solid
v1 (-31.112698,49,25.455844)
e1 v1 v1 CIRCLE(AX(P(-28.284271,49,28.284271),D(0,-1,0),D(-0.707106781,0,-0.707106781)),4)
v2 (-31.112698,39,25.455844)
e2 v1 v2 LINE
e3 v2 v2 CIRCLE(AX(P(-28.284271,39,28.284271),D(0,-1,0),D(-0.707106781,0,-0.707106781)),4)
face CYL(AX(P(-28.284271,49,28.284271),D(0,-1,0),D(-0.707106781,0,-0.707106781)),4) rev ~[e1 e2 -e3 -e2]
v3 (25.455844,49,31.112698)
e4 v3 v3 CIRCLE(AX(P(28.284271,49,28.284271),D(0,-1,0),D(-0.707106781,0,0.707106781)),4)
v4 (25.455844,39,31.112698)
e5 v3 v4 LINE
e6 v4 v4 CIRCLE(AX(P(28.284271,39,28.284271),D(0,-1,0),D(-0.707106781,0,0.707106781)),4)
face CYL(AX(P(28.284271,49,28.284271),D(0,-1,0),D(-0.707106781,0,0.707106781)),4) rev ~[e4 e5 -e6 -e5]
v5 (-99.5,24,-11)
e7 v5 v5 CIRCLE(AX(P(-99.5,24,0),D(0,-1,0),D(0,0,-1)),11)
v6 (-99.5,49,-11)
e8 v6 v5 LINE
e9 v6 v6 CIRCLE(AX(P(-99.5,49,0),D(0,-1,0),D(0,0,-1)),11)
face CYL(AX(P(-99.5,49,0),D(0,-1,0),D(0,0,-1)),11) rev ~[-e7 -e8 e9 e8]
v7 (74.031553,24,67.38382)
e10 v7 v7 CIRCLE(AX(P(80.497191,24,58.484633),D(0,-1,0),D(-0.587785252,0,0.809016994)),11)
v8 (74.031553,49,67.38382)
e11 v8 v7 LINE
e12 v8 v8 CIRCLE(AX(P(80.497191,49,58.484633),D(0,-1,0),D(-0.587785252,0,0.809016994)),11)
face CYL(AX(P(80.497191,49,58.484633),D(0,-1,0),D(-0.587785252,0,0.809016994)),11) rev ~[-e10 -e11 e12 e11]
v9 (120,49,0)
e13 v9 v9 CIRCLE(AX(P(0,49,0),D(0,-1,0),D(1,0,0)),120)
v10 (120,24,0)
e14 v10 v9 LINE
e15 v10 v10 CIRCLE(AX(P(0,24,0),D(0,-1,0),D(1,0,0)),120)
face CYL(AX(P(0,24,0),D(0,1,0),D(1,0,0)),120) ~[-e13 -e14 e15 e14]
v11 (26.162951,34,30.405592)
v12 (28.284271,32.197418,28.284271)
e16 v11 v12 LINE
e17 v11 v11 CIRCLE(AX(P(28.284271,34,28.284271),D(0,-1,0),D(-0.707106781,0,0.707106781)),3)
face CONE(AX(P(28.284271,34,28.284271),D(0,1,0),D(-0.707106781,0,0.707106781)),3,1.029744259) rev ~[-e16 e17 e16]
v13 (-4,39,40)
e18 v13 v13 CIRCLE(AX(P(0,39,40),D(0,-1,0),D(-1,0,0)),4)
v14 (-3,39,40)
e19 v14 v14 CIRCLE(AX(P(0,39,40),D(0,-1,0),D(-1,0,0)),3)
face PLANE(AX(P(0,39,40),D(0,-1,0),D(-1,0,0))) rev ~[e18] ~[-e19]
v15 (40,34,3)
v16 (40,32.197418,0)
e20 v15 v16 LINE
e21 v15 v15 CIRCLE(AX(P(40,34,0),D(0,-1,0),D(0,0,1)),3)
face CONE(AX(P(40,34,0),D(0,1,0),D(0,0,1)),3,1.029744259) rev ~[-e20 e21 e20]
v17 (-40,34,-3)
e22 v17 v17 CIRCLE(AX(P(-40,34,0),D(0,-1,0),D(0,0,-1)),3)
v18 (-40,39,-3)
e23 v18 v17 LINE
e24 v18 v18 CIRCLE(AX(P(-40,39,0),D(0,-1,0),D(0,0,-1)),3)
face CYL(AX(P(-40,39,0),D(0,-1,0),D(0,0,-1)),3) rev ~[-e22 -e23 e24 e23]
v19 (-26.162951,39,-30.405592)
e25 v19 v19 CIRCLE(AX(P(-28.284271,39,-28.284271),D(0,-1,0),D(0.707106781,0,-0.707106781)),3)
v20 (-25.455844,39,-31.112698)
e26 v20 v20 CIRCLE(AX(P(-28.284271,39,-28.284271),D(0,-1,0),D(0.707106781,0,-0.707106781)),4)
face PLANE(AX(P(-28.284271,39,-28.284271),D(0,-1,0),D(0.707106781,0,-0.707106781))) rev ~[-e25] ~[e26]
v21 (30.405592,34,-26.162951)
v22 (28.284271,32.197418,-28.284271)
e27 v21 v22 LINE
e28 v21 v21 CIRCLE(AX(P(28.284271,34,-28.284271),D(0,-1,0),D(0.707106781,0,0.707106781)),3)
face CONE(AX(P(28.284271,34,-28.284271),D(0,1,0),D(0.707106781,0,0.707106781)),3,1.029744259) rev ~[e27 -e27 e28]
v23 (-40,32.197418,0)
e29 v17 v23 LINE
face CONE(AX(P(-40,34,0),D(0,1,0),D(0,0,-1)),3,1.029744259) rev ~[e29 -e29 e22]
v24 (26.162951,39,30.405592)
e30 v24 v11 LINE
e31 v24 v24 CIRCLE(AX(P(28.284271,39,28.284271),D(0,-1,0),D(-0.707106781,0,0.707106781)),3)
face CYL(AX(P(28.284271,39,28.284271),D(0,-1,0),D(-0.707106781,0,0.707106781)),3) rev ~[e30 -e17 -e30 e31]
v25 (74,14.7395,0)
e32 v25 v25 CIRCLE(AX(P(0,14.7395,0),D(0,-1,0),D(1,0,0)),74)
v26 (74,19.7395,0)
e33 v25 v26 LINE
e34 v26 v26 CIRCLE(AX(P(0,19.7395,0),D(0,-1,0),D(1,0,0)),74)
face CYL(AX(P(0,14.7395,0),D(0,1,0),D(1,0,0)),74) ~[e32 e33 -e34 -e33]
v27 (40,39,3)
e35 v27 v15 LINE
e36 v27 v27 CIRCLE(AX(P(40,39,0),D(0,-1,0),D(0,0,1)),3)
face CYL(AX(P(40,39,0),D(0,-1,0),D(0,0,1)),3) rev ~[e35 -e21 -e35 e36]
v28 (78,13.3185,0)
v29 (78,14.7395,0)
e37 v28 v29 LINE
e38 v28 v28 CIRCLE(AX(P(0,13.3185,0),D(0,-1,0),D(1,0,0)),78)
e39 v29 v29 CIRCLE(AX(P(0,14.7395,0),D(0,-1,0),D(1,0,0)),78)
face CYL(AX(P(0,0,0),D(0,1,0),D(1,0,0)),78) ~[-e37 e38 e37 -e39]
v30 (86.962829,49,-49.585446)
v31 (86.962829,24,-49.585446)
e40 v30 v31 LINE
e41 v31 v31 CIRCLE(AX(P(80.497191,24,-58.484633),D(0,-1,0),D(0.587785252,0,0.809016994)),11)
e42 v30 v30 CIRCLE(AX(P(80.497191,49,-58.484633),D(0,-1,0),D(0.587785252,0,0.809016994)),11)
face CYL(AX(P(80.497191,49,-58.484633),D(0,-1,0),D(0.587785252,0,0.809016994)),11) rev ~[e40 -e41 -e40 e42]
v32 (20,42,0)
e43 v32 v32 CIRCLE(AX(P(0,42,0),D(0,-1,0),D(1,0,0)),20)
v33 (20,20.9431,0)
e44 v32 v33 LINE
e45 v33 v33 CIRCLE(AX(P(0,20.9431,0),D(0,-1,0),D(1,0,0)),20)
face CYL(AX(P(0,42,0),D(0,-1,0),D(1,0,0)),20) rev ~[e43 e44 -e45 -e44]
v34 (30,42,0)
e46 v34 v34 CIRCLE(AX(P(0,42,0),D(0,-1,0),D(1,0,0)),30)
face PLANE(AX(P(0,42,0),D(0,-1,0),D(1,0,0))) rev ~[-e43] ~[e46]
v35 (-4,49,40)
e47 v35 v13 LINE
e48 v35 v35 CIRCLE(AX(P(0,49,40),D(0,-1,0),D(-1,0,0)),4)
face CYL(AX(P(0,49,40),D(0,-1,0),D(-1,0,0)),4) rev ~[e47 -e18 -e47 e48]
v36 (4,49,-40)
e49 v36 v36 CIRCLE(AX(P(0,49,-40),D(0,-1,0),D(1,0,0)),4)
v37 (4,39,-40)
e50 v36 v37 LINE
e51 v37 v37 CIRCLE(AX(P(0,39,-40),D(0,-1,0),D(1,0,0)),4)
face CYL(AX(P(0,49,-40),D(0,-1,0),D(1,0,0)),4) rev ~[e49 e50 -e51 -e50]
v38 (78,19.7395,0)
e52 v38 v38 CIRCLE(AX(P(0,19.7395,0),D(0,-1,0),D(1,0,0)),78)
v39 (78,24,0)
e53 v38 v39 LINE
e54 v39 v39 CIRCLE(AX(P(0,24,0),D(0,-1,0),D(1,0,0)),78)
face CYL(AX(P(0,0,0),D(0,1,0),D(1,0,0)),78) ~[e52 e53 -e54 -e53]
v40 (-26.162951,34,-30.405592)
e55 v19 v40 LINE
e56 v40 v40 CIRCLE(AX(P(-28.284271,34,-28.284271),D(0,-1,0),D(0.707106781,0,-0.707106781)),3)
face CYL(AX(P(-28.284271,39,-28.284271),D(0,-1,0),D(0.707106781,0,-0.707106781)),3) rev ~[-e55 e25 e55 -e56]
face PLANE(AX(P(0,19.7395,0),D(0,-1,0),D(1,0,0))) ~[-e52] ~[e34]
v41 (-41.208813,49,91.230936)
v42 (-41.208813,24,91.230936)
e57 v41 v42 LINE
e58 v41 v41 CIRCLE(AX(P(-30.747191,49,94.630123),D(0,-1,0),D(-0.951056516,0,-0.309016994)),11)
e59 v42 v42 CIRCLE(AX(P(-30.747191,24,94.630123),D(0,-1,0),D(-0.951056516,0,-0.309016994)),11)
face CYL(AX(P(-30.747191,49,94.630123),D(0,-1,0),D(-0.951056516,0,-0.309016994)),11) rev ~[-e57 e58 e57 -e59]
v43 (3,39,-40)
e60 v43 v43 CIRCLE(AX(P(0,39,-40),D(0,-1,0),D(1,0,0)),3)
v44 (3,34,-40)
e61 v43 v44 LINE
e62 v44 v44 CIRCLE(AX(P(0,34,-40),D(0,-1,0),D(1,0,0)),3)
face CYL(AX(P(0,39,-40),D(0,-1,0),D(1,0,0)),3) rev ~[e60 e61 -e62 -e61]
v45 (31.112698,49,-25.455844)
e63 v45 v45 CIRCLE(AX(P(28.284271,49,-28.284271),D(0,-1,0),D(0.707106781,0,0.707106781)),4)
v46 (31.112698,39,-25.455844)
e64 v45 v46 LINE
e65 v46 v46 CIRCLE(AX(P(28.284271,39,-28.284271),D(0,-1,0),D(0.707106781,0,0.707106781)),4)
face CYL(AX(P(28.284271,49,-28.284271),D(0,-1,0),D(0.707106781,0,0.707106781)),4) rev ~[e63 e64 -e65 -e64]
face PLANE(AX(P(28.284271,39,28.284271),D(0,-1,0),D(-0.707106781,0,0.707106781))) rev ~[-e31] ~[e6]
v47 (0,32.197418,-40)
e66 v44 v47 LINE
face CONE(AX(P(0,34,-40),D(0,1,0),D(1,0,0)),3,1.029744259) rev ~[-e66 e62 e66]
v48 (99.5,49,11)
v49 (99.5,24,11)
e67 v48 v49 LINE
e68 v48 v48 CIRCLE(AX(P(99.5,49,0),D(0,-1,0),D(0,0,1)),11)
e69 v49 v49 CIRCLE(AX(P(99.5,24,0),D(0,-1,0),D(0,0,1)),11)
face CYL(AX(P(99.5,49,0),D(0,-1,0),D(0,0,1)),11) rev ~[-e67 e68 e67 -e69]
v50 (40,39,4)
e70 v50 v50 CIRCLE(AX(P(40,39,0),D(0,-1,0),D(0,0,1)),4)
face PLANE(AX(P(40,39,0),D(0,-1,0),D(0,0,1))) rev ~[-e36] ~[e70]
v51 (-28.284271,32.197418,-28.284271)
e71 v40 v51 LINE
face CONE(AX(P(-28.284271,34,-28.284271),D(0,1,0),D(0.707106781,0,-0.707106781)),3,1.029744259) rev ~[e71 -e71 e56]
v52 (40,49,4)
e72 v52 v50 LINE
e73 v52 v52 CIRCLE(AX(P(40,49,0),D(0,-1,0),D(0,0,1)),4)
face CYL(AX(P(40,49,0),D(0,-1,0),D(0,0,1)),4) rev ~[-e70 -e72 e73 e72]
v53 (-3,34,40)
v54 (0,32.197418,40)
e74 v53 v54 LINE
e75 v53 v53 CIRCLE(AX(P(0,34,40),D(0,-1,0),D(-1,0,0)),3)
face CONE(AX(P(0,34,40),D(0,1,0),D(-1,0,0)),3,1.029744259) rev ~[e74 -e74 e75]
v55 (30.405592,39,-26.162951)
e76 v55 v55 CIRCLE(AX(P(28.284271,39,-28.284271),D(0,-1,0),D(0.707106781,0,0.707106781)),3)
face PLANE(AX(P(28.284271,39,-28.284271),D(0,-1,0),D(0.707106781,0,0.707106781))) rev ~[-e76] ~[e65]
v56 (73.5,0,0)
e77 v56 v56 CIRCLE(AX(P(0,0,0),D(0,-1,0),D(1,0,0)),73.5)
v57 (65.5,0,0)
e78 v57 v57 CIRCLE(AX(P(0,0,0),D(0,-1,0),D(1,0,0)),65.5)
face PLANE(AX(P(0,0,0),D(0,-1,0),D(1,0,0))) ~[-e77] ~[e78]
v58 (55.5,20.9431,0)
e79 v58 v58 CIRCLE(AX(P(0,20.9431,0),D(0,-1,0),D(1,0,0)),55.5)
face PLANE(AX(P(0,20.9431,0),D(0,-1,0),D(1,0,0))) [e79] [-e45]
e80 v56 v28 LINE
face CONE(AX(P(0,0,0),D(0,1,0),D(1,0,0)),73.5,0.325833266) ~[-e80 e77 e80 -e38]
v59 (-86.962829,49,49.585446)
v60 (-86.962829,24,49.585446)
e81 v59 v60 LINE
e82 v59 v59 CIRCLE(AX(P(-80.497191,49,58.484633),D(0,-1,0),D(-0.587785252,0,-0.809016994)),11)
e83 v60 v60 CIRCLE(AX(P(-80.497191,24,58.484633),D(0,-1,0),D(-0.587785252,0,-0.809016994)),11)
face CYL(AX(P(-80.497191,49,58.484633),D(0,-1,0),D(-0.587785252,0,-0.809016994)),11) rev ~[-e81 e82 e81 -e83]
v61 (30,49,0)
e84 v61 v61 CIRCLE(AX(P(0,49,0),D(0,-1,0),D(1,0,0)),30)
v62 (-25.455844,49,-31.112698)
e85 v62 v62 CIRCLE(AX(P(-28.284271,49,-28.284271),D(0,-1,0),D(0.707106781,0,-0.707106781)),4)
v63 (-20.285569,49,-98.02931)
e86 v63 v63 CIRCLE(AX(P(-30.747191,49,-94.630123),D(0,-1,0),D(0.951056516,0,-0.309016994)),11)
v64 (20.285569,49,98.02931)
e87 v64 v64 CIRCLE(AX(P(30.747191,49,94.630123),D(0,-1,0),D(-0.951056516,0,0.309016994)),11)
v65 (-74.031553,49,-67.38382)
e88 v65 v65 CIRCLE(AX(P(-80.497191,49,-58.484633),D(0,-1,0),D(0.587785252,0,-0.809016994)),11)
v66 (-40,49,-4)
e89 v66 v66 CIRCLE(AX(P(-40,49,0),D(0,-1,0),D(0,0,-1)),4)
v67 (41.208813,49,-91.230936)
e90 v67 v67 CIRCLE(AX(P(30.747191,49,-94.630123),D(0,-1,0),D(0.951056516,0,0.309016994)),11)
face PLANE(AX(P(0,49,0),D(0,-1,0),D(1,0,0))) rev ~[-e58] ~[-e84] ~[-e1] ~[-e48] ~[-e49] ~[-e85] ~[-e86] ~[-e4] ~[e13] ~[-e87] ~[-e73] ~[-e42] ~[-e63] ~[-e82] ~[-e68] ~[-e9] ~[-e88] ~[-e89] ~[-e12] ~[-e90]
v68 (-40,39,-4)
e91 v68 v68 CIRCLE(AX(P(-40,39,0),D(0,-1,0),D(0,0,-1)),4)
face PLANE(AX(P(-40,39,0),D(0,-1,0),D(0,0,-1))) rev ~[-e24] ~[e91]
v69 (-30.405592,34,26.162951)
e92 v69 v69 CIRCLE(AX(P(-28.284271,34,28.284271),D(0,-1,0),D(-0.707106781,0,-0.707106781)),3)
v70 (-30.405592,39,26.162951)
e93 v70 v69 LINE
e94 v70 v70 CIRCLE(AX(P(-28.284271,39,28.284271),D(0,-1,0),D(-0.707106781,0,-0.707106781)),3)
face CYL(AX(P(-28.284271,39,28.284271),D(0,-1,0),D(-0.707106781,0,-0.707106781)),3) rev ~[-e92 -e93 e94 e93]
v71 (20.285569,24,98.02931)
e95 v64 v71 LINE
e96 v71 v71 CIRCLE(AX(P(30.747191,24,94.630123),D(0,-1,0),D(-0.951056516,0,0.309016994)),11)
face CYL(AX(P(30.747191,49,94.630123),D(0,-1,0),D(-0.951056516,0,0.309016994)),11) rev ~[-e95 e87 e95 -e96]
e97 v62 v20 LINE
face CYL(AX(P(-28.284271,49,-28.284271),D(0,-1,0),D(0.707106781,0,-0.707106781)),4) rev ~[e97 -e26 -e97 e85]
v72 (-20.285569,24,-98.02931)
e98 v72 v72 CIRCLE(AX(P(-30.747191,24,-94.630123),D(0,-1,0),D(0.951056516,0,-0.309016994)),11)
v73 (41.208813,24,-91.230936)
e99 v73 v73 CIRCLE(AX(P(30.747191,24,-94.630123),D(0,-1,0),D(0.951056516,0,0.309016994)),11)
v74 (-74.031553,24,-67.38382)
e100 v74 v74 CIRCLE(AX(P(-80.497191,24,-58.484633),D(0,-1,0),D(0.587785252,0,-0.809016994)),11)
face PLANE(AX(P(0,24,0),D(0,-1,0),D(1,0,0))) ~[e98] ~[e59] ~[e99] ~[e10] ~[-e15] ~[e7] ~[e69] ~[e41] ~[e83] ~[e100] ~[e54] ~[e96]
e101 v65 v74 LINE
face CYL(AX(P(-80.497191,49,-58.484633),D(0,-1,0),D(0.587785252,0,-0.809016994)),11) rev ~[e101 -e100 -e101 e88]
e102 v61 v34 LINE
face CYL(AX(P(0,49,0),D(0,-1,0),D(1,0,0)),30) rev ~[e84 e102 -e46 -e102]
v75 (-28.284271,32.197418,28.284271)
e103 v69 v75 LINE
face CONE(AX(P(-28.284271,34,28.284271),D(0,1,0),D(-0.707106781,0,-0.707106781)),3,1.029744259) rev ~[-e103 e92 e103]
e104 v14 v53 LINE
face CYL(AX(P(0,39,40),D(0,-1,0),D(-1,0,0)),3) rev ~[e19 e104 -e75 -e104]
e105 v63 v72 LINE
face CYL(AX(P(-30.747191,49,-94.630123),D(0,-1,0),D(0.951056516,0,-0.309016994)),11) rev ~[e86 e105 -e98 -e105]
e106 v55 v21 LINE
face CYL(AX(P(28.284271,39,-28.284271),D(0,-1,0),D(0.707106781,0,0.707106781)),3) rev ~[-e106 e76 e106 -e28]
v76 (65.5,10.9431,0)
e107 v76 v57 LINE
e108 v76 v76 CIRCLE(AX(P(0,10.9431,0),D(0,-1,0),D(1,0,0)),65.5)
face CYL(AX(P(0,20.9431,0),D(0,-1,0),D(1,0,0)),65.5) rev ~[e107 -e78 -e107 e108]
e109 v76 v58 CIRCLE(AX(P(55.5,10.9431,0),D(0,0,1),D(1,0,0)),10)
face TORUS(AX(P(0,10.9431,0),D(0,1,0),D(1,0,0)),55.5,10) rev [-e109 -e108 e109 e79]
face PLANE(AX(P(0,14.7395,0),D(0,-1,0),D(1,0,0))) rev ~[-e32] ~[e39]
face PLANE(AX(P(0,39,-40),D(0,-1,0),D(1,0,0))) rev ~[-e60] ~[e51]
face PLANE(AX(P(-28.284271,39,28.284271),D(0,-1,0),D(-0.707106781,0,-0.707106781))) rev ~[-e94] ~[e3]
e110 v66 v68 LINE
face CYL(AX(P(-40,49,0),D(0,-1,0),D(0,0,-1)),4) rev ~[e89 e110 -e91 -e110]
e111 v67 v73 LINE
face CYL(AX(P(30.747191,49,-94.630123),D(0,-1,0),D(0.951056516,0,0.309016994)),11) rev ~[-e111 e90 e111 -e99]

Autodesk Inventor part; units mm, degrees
ref_plane "YZ Plane" through (0, 0, 0) normal (1, 0, 0) x (0, 1, 0)
ref_plane "XZ Plane" through (0, 0, 0) normal (0, 1, 0) x (-1, 0, 0)
ref_plane "XY Plane" through (0, 0, 0) normal (0, 0, 1) x (1, 0, 0)
sketch "Эскиз1" plane through (0, 0, 0) normal (0, 0, 1) x (1, 0, 0)
  line L0 (0, 0) -> (78, 0)
  line L1 (78, 0) -> (78, 24)
  line L2 (78, 24) -> (120, 24)
  line L3 (120, 24) -> (120, 49)
  line L4 (120, 49) -> (0, 49)
  line L5 (65.5, 20.9431) -> (0, 20.9431)
  line L6 (0, 49) -> (0, 20.9431)
  line L7 (65.5, 20.9431) -> (65.5, 0)
  line L8 (65.5, 0) -> (73.5, 0)
  line L9 (73.5, 0) -> (78, 13.3185)
  line L10 (78, 14.7395) -> (74, 14.7395)
  line L11 (74, 14.7395) -> (74, 19.7395)
  line L12 (74, 19.7395) -> (78, 19.7395)
  line L13 (0, 49) -> (30, 49)
  line L14 (30, 49) -> (30, 42)
  line L15 (30, 42) -> (20, 42)
  line L16 (20, 42) -> (20, 20.9431)
  dimension "d0" = 78
  dimension "d1" = 24
  dimension "d2" = 42
  dimension "d3" = 25
  dimension "d18" = 65.5
  dimension "d19" = 8
  dimension "d21" = 4
  dimension "d22" = 5
  dimension "d23" = 30
  dimension "d24" = 7
  dimension "d25" = 10
revolve "Вращение1" add sketch "Эскиз1" angle 360 about axis through (0, 49, 0) along (0, -1, 0) contours L7 L5 L16 L15 L14 L4 L3 L2 L1 L12 L11 L10 L9 L0
sketch "Эскиз2" plane through (0, 49, 0) normal (0, 1, 0) x (1, 0, 0)
  circle A0 centre (0, 0) radius 120 projected
  line L0 (120, 0) -> (99.5, 0)
  point P0 (0, 0)
  dimension "d7" = 20.5
hole "Отверстие1" at (99.5, 49, 0) direction (0, -1, 0) diameter 22 end through all
pattern_circular "Круговой массив1" count 10 over 360 about axis through (0, 10.4715, 0) along (0, -1, 0) of "Отверстие1"
fillet "Сопряжение1" radius 10 1 edges at (-65.5, 20.9431, 0)
sketch "Эскиз3" plane through (0, 49, 0) normal (0, 1, 0) x (1, 0, 0)
  circle A0 centre (0, 0) radius 30 projected
  line L0 (0, 0) -> (40, 0)
  point P0 (0, 0)
  dimension "d26" = 40
hole "Отверстие2" at (40, 49, 0) direction (0, -1, 0) diameter 6 depth 15 tip angle 118 counterbore diameter 8 counterbore depth 10
thread "Резьба1" size "M8x1.25" class "6H" standard "ANSI Metric M Profile" full length
pattern_circular "Круговой массив2" count 8 over 360 about axis through (0, 45.5, 0) along (0, -1, 0) of "Отверстие2"
properties part number "Крышка стакана_CPY" material "Чугун, серый"
